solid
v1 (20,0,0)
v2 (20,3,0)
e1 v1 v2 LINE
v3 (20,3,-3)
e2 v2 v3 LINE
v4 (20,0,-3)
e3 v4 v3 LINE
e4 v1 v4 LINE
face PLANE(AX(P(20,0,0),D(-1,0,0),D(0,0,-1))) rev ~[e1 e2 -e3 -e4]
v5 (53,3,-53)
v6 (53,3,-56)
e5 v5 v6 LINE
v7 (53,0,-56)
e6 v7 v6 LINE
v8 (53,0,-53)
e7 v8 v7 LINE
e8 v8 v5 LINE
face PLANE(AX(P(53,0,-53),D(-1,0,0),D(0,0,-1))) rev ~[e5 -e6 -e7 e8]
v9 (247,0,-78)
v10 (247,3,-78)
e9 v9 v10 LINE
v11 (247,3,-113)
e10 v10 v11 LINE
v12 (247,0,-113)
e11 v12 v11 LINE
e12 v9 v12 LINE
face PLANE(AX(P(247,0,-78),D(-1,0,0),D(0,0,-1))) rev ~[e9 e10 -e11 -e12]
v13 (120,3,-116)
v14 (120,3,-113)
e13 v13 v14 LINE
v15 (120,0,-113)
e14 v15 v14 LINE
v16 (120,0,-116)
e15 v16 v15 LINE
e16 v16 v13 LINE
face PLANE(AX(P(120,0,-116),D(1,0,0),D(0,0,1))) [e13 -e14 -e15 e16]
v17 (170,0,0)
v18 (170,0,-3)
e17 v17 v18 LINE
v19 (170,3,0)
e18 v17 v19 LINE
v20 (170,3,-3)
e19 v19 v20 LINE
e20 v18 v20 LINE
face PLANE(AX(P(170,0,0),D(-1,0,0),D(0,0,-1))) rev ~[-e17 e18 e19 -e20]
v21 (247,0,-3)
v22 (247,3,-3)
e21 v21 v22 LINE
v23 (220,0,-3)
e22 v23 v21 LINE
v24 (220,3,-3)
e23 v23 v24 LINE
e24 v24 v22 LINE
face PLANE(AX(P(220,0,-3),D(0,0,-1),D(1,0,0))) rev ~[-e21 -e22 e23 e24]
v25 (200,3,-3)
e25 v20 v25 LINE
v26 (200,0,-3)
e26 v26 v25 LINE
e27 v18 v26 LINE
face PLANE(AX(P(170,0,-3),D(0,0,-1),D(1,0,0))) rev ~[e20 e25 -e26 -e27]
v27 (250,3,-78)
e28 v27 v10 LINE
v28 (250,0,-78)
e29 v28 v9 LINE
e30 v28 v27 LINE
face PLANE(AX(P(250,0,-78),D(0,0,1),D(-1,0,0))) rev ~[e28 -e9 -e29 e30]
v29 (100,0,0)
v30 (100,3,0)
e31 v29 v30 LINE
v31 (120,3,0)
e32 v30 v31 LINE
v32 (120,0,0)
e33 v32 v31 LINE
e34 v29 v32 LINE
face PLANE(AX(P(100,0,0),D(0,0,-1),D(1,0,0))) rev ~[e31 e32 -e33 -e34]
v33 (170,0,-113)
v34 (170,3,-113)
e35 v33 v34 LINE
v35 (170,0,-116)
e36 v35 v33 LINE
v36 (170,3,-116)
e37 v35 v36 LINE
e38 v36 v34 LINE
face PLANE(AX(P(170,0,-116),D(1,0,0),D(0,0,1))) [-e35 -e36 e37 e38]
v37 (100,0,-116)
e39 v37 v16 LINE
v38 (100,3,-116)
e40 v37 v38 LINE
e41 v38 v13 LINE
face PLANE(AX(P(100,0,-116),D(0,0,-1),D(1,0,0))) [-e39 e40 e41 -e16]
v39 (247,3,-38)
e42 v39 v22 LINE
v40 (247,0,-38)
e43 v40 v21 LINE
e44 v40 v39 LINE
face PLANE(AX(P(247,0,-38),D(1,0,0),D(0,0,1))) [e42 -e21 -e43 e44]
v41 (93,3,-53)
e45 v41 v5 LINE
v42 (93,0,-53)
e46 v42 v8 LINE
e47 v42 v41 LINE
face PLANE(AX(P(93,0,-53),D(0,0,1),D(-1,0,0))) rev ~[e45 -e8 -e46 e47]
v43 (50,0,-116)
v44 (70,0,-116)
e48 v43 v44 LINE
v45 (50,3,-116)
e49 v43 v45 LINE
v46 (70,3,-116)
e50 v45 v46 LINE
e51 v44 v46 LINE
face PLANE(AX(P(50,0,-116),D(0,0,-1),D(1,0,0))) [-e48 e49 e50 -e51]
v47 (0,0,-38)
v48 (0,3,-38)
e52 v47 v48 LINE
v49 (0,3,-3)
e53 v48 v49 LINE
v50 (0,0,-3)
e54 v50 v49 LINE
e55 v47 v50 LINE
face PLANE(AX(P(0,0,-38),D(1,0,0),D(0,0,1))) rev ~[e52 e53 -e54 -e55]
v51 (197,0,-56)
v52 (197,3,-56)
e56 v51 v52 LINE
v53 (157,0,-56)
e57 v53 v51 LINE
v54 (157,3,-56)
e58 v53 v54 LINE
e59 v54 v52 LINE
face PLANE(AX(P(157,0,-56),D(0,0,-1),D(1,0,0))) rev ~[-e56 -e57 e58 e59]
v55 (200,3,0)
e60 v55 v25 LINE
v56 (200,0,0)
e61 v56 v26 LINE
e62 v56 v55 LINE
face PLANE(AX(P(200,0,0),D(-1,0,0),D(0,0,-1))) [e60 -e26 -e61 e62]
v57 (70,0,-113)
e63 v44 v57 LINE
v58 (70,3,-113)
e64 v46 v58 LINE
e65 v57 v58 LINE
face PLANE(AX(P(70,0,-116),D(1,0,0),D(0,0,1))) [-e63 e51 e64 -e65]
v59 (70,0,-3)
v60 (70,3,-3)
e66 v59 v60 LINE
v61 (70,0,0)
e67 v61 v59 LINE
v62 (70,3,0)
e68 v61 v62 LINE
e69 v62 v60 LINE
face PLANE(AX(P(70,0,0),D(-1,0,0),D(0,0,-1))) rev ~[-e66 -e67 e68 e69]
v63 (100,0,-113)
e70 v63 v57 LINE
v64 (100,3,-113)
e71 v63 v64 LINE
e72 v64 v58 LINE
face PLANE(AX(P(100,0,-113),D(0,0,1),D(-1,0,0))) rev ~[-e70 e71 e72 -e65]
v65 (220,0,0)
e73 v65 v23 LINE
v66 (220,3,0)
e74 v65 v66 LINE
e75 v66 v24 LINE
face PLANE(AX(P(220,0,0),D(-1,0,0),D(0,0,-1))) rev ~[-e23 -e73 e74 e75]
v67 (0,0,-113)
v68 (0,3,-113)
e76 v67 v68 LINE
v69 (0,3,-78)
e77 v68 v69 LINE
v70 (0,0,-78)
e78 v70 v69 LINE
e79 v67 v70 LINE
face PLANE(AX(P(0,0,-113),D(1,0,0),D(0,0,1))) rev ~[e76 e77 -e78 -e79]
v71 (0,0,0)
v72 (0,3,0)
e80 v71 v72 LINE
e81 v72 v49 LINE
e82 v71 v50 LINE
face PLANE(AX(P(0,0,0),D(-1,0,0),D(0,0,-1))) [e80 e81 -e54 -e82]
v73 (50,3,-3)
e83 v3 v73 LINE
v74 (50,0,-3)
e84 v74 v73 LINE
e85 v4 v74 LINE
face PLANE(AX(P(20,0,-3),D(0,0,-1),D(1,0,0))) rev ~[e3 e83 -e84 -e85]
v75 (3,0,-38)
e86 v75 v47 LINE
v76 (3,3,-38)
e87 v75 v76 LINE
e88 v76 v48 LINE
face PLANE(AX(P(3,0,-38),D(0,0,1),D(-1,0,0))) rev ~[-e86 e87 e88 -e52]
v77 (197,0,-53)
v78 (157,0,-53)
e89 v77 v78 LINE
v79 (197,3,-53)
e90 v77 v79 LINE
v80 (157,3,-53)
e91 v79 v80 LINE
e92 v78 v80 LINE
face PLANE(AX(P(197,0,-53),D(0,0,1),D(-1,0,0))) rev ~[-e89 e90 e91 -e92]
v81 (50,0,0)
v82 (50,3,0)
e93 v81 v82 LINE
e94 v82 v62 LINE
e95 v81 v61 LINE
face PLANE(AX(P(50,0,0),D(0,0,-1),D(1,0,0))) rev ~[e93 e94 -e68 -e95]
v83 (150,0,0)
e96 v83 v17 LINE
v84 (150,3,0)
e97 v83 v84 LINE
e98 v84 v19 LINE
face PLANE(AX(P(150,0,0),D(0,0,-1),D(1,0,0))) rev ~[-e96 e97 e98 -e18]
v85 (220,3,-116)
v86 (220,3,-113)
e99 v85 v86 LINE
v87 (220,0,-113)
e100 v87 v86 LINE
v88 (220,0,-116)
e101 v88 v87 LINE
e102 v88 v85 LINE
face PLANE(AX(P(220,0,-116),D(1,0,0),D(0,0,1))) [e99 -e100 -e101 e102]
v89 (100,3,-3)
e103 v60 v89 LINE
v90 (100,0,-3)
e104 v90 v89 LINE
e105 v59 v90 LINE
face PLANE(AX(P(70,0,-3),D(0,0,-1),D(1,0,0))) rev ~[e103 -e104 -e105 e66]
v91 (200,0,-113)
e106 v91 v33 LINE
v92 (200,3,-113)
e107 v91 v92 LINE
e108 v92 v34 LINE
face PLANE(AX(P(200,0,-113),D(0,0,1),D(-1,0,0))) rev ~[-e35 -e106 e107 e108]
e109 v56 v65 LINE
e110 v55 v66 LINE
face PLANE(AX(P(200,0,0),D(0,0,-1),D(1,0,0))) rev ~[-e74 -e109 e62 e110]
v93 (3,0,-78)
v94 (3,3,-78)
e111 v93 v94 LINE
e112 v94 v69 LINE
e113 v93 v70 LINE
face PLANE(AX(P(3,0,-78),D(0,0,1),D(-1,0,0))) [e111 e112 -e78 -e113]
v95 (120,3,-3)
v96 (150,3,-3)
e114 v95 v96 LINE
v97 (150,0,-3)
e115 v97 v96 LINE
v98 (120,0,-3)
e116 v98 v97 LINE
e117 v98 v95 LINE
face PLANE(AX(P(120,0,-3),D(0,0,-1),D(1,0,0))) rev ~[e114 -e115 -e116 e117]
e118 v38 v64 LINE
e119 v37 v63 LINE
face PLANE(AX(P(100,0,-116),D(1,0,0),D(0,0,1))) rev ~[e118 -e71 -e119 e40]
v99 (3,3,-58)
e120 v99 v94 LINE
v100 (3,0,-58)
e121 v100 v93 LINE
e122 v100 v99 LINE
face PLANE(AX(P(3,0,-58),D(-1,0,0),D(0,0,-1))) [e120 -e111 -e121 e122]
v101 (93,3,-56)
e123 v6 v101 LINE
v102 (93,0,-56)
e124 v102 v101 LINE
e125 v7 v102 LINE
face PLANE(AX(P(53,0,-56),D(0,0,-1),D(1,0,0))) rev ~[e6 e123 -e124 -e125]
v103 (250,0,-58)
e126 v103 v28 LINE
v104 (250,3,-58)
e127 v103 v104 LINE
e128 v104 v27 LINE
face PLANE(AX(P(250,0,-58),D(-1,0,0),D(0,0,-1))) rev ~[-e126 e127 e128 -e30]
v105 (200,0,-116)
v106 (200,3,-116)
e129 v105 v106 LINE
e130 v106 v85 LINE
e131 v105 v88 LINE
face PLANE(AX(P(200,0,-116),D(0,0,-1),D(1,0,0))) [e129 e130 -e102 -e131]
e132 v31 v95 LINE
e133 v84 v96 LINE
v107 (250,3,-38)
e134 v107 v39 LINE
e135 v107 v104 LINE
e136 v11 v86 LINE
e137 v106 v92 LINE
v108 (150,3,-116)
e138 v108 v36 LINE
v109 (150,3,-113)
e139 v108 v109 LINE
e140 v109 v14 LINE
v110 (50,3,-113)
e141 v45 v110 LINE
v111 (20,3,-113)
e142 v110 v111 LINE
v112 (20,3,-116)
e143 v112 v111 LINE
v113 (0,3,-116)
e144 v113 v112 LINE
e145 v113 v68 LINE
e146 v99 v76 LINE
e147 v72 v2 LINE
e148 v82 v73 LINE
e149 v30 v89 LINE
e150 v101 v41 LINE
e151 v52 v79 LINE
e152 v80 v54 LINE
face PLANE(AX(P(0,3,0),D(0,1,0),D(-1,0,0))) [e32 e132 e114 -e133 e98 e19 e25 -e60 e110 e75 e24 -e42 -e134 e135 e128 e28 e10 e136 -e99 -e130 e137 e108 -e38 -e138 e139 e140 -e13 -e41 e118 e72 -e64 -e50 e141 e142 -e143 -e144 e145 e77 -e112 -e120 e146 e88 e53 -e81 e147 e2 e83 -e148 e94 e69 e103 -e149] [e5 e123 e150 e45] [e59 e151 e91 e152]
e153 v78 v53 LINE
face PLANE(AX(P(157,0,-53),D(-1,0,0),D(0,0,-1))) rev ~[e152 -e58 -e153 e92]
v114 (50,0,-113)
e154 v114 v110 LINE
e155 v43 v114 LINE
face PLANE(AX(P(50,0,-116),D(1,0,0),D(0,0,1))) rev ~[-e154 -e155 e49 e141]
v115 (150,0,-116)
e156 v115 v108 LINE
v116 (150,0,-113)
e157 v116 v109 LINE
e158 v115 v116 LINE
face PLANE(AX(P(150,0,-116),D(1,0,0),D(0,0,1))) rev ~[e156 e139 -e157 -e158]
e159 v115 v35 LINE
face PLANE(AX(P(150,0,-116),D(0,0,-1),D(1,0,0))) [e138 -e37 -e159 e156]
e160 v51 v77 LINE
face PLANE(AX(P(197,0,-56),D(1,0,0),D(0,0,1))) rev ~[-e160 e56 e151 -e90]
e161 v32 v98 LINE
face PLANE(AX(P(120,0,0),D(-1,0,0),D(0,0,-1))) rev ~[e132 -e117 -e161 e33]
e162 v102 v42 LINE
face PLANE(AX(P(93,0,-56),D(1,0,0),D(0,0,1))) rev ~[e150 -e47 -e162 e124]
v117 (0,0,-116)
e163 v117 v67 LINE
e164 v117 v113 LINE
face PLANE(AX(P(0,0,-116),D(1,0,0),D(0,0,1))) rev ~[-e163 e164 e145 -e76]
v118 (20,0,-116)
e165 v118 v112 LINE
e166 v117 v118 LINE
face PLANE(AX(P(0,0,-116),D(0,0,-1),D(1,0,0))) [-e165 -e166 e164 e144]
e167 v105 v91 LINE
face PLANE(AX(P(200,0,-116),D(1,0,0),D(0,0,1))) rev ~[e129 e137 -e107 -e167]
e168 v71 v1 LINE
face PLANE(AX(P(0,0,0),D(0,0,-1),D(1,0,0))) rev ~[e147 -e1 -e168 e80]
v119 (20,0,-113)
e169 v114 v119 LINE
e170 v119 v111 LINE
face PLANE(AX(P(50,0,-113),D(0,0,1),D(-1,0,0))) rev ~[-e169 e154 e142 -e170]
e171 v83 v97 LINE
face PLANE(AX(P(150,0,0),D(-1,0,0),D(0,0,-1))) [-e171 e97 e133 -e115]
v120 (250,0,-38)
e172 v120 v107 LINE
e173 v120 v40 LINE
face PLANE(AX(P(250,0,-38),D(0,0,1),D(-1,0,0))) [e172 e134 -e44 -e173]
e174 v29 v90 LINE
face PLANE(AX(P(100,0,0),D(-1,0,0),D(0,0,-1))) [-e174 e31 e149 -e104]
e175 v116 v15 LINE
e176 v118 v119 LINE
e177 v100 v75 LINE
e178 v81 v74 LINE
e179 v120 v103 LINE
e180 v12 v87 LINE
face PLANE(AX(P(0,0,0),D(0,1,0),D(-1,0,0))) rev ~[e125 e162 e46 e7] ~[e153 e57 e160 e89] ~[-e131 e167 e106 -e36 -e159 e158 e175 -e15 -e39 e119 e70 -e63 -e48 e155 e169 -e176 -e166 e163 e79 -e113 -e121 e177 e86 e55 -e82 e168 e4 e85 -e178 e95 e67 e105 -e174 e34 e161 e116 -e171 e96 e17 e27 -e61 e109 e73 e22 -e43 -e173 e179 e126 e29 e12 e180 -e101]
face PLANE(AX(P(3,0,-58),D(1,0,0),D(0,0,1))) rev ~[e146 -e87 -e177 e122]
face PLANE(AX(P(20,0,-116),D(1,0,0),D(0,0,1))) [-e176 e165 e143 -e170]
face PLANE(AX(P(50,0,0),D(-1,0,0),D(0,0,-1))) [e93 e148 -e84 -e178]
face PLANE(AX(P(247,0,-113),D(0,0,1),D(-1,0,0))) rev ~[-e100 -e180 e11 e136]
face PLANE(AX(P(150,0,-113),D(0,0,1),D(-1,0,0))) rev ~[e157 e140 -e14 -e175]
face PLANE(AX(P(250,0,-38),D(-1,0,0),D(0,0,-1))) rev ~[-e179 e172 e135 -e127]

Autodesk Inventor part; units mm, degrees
ref_plane "YZ Plane" through (0, 0, 0) normal (1, 0, 0) x (0, 1, 0)
ref_plane "XZ Plane" through (0, 0, 0) normal (0, 1, 0) x (-1, 0, 0)
ref_plane "XY Plane" through (0, 0, 0) normal (0, 0, 1) x (1, 0, 0)
sketch "Sketch1" plane through (0, 0, 0) normal (0, 1, 0) x (-1, 0, 0)
  line L0 (0, 0) -> (0, -3)
  line L1 (-250, -38) -> (-250, -78)
  line L2 (0, 0) -> (-20, 0)
  line L3 (-50, 0) -> (-50, -3)
  line L4 (-50, 0) -> (-70, 0)
  line L5 (-70, 0) -> (-70, -3)
  line L6 (-100, 0) -> (-100, -3)
  line L7 (-100, 0) -> (-120, 0)
  line L8 (-120, 0) -> (-120, -3)
  line L9 (-150, 0) -> (-150, -3)
  line L10 (-150, 0) -> (-170, 0)
  line L11 (-170, 0) -> (-170, -3)
  line L12 (-200, 0) -> (-200, -3)
  line L13 (-200, 0) -> (-220, 0)
  line L14 (-220, 0) -> (-220, -3)
  line L15 (-20, 0) -> (-20, -3)
  line L16 (-250, -58) -> (-250, -78)
  line L17 (-250, -78) -> (-247, -78)
  line L18 (-247, -78) -> (-247, -113)
  line L19 (-250, -58) -> (-250, -38)
  line L20 (-250, -38) -> (-247, -38)
  line L21 (-247, -38) -> (-247, -3)
  line L22 (-220, -3) -> (-247, -3)
  line L23 (-170, -3) -> (-200, -3)
  line L24 (-120, -3) -> (-150, -3)
  line L25 (-20, -3) -> (-50, -3)
  line L26 (-70, -3) -> (-100, -3)
  line L27 (0, -116) -> (0, -113)
  line L28 (0, -116) -> (-20, -116)
  line L29 (-50, -116) -> (-50, -113)
  line L30 (-50, -116) -> (-70, -116)
  line L31 (-70, -116) -> (-70, -113)
  line L32 (-100, -116) -> (-100, -113)
  line L33 (-100, -116) -> (-120, -116)
  line L34 (-120, -116) -> (-120, -113)
  line L35 (-150, -116) -> (-150, -113)
  line L36 (-150, -116) -> (-170, -116)
  line L37 (-170, -116) -> (-170, -113)
  line L38 (-200, -116) -> (-200, -113)
  line L39 (-200, -116) -> (-220, -116)
  line L40 (-220, -116) -> (-220, -113)
  line L41 (-20, -116) -> (-20, -113)
  line L42 (-3, -58) -> (-3, -78)
  line L43 (-3, -78) -> (0, -78)
  line L44 (-3, -58) -> (-3, -38)
  line L45 (-3, -38) -> (0, -38)
  line L46 (0, -113) -> (0, -78)
  line L47 (0, -38) -> (0, -3)
  line L48 (-50, -113) -> (-20, -113)
  line L49 (-100, -113) -> (-70, -113)
  line L50 (-150, -113) -> (-120, -113)
  line L51 (-247, -113) -> (-220, -113)
  line L52 (-200, -113) -> (-170, -113)
  line L53 (-53, -56) -> (-93, -56)
  line L54 (-93, -56) -> (-93, -53)
  line L55 (-93, -53) -> (-53, -53)
  line L56 (-53, -53) -> (-53, -56)
  line L57 (-197, -56) -> (-197, -53)
  line L58 (-197, -53) -> (-157, -53)
  line L59 (-157, -53) -> (-157, -56)
  line L60 (-157, -56) -> (-197, -56)
  dimension "d2" = 110
  dimension "d3" = 20
  dimension "d4" = 20
  dimension "d5" = 20
  dimension "d7" = 20
  dimension "d8" = 20
  dimension "d9" = 20
  dimension "d10" = 3
  dimension "d11" = 20
  dimension "d12" = 3
  dimension "d13" = 250
  dimension "d14" = 30
  dimension "d15" = 30
  dimension "d16" = 30
  dimension "d17" = 30
  dimension "d21" = 244
  dimension "d24" = 40
  dimension "d25" = 3
  dimension "d28" = 3
  dimension "d29" = 40
  dimension "d30" = 3
  dimension "d32" = 2
  dimension "d34" = 50
  dimension "d35" = 2
  dimension "d36" = 50
  dimension "d37" = 57
  dimension "d38" = 247
  dimension "d39" = 20
  dimension "d40" = 20
extrude "Extrusion2" add sketch "Sketch1" along normal blind 3
properties part number "latBack"
